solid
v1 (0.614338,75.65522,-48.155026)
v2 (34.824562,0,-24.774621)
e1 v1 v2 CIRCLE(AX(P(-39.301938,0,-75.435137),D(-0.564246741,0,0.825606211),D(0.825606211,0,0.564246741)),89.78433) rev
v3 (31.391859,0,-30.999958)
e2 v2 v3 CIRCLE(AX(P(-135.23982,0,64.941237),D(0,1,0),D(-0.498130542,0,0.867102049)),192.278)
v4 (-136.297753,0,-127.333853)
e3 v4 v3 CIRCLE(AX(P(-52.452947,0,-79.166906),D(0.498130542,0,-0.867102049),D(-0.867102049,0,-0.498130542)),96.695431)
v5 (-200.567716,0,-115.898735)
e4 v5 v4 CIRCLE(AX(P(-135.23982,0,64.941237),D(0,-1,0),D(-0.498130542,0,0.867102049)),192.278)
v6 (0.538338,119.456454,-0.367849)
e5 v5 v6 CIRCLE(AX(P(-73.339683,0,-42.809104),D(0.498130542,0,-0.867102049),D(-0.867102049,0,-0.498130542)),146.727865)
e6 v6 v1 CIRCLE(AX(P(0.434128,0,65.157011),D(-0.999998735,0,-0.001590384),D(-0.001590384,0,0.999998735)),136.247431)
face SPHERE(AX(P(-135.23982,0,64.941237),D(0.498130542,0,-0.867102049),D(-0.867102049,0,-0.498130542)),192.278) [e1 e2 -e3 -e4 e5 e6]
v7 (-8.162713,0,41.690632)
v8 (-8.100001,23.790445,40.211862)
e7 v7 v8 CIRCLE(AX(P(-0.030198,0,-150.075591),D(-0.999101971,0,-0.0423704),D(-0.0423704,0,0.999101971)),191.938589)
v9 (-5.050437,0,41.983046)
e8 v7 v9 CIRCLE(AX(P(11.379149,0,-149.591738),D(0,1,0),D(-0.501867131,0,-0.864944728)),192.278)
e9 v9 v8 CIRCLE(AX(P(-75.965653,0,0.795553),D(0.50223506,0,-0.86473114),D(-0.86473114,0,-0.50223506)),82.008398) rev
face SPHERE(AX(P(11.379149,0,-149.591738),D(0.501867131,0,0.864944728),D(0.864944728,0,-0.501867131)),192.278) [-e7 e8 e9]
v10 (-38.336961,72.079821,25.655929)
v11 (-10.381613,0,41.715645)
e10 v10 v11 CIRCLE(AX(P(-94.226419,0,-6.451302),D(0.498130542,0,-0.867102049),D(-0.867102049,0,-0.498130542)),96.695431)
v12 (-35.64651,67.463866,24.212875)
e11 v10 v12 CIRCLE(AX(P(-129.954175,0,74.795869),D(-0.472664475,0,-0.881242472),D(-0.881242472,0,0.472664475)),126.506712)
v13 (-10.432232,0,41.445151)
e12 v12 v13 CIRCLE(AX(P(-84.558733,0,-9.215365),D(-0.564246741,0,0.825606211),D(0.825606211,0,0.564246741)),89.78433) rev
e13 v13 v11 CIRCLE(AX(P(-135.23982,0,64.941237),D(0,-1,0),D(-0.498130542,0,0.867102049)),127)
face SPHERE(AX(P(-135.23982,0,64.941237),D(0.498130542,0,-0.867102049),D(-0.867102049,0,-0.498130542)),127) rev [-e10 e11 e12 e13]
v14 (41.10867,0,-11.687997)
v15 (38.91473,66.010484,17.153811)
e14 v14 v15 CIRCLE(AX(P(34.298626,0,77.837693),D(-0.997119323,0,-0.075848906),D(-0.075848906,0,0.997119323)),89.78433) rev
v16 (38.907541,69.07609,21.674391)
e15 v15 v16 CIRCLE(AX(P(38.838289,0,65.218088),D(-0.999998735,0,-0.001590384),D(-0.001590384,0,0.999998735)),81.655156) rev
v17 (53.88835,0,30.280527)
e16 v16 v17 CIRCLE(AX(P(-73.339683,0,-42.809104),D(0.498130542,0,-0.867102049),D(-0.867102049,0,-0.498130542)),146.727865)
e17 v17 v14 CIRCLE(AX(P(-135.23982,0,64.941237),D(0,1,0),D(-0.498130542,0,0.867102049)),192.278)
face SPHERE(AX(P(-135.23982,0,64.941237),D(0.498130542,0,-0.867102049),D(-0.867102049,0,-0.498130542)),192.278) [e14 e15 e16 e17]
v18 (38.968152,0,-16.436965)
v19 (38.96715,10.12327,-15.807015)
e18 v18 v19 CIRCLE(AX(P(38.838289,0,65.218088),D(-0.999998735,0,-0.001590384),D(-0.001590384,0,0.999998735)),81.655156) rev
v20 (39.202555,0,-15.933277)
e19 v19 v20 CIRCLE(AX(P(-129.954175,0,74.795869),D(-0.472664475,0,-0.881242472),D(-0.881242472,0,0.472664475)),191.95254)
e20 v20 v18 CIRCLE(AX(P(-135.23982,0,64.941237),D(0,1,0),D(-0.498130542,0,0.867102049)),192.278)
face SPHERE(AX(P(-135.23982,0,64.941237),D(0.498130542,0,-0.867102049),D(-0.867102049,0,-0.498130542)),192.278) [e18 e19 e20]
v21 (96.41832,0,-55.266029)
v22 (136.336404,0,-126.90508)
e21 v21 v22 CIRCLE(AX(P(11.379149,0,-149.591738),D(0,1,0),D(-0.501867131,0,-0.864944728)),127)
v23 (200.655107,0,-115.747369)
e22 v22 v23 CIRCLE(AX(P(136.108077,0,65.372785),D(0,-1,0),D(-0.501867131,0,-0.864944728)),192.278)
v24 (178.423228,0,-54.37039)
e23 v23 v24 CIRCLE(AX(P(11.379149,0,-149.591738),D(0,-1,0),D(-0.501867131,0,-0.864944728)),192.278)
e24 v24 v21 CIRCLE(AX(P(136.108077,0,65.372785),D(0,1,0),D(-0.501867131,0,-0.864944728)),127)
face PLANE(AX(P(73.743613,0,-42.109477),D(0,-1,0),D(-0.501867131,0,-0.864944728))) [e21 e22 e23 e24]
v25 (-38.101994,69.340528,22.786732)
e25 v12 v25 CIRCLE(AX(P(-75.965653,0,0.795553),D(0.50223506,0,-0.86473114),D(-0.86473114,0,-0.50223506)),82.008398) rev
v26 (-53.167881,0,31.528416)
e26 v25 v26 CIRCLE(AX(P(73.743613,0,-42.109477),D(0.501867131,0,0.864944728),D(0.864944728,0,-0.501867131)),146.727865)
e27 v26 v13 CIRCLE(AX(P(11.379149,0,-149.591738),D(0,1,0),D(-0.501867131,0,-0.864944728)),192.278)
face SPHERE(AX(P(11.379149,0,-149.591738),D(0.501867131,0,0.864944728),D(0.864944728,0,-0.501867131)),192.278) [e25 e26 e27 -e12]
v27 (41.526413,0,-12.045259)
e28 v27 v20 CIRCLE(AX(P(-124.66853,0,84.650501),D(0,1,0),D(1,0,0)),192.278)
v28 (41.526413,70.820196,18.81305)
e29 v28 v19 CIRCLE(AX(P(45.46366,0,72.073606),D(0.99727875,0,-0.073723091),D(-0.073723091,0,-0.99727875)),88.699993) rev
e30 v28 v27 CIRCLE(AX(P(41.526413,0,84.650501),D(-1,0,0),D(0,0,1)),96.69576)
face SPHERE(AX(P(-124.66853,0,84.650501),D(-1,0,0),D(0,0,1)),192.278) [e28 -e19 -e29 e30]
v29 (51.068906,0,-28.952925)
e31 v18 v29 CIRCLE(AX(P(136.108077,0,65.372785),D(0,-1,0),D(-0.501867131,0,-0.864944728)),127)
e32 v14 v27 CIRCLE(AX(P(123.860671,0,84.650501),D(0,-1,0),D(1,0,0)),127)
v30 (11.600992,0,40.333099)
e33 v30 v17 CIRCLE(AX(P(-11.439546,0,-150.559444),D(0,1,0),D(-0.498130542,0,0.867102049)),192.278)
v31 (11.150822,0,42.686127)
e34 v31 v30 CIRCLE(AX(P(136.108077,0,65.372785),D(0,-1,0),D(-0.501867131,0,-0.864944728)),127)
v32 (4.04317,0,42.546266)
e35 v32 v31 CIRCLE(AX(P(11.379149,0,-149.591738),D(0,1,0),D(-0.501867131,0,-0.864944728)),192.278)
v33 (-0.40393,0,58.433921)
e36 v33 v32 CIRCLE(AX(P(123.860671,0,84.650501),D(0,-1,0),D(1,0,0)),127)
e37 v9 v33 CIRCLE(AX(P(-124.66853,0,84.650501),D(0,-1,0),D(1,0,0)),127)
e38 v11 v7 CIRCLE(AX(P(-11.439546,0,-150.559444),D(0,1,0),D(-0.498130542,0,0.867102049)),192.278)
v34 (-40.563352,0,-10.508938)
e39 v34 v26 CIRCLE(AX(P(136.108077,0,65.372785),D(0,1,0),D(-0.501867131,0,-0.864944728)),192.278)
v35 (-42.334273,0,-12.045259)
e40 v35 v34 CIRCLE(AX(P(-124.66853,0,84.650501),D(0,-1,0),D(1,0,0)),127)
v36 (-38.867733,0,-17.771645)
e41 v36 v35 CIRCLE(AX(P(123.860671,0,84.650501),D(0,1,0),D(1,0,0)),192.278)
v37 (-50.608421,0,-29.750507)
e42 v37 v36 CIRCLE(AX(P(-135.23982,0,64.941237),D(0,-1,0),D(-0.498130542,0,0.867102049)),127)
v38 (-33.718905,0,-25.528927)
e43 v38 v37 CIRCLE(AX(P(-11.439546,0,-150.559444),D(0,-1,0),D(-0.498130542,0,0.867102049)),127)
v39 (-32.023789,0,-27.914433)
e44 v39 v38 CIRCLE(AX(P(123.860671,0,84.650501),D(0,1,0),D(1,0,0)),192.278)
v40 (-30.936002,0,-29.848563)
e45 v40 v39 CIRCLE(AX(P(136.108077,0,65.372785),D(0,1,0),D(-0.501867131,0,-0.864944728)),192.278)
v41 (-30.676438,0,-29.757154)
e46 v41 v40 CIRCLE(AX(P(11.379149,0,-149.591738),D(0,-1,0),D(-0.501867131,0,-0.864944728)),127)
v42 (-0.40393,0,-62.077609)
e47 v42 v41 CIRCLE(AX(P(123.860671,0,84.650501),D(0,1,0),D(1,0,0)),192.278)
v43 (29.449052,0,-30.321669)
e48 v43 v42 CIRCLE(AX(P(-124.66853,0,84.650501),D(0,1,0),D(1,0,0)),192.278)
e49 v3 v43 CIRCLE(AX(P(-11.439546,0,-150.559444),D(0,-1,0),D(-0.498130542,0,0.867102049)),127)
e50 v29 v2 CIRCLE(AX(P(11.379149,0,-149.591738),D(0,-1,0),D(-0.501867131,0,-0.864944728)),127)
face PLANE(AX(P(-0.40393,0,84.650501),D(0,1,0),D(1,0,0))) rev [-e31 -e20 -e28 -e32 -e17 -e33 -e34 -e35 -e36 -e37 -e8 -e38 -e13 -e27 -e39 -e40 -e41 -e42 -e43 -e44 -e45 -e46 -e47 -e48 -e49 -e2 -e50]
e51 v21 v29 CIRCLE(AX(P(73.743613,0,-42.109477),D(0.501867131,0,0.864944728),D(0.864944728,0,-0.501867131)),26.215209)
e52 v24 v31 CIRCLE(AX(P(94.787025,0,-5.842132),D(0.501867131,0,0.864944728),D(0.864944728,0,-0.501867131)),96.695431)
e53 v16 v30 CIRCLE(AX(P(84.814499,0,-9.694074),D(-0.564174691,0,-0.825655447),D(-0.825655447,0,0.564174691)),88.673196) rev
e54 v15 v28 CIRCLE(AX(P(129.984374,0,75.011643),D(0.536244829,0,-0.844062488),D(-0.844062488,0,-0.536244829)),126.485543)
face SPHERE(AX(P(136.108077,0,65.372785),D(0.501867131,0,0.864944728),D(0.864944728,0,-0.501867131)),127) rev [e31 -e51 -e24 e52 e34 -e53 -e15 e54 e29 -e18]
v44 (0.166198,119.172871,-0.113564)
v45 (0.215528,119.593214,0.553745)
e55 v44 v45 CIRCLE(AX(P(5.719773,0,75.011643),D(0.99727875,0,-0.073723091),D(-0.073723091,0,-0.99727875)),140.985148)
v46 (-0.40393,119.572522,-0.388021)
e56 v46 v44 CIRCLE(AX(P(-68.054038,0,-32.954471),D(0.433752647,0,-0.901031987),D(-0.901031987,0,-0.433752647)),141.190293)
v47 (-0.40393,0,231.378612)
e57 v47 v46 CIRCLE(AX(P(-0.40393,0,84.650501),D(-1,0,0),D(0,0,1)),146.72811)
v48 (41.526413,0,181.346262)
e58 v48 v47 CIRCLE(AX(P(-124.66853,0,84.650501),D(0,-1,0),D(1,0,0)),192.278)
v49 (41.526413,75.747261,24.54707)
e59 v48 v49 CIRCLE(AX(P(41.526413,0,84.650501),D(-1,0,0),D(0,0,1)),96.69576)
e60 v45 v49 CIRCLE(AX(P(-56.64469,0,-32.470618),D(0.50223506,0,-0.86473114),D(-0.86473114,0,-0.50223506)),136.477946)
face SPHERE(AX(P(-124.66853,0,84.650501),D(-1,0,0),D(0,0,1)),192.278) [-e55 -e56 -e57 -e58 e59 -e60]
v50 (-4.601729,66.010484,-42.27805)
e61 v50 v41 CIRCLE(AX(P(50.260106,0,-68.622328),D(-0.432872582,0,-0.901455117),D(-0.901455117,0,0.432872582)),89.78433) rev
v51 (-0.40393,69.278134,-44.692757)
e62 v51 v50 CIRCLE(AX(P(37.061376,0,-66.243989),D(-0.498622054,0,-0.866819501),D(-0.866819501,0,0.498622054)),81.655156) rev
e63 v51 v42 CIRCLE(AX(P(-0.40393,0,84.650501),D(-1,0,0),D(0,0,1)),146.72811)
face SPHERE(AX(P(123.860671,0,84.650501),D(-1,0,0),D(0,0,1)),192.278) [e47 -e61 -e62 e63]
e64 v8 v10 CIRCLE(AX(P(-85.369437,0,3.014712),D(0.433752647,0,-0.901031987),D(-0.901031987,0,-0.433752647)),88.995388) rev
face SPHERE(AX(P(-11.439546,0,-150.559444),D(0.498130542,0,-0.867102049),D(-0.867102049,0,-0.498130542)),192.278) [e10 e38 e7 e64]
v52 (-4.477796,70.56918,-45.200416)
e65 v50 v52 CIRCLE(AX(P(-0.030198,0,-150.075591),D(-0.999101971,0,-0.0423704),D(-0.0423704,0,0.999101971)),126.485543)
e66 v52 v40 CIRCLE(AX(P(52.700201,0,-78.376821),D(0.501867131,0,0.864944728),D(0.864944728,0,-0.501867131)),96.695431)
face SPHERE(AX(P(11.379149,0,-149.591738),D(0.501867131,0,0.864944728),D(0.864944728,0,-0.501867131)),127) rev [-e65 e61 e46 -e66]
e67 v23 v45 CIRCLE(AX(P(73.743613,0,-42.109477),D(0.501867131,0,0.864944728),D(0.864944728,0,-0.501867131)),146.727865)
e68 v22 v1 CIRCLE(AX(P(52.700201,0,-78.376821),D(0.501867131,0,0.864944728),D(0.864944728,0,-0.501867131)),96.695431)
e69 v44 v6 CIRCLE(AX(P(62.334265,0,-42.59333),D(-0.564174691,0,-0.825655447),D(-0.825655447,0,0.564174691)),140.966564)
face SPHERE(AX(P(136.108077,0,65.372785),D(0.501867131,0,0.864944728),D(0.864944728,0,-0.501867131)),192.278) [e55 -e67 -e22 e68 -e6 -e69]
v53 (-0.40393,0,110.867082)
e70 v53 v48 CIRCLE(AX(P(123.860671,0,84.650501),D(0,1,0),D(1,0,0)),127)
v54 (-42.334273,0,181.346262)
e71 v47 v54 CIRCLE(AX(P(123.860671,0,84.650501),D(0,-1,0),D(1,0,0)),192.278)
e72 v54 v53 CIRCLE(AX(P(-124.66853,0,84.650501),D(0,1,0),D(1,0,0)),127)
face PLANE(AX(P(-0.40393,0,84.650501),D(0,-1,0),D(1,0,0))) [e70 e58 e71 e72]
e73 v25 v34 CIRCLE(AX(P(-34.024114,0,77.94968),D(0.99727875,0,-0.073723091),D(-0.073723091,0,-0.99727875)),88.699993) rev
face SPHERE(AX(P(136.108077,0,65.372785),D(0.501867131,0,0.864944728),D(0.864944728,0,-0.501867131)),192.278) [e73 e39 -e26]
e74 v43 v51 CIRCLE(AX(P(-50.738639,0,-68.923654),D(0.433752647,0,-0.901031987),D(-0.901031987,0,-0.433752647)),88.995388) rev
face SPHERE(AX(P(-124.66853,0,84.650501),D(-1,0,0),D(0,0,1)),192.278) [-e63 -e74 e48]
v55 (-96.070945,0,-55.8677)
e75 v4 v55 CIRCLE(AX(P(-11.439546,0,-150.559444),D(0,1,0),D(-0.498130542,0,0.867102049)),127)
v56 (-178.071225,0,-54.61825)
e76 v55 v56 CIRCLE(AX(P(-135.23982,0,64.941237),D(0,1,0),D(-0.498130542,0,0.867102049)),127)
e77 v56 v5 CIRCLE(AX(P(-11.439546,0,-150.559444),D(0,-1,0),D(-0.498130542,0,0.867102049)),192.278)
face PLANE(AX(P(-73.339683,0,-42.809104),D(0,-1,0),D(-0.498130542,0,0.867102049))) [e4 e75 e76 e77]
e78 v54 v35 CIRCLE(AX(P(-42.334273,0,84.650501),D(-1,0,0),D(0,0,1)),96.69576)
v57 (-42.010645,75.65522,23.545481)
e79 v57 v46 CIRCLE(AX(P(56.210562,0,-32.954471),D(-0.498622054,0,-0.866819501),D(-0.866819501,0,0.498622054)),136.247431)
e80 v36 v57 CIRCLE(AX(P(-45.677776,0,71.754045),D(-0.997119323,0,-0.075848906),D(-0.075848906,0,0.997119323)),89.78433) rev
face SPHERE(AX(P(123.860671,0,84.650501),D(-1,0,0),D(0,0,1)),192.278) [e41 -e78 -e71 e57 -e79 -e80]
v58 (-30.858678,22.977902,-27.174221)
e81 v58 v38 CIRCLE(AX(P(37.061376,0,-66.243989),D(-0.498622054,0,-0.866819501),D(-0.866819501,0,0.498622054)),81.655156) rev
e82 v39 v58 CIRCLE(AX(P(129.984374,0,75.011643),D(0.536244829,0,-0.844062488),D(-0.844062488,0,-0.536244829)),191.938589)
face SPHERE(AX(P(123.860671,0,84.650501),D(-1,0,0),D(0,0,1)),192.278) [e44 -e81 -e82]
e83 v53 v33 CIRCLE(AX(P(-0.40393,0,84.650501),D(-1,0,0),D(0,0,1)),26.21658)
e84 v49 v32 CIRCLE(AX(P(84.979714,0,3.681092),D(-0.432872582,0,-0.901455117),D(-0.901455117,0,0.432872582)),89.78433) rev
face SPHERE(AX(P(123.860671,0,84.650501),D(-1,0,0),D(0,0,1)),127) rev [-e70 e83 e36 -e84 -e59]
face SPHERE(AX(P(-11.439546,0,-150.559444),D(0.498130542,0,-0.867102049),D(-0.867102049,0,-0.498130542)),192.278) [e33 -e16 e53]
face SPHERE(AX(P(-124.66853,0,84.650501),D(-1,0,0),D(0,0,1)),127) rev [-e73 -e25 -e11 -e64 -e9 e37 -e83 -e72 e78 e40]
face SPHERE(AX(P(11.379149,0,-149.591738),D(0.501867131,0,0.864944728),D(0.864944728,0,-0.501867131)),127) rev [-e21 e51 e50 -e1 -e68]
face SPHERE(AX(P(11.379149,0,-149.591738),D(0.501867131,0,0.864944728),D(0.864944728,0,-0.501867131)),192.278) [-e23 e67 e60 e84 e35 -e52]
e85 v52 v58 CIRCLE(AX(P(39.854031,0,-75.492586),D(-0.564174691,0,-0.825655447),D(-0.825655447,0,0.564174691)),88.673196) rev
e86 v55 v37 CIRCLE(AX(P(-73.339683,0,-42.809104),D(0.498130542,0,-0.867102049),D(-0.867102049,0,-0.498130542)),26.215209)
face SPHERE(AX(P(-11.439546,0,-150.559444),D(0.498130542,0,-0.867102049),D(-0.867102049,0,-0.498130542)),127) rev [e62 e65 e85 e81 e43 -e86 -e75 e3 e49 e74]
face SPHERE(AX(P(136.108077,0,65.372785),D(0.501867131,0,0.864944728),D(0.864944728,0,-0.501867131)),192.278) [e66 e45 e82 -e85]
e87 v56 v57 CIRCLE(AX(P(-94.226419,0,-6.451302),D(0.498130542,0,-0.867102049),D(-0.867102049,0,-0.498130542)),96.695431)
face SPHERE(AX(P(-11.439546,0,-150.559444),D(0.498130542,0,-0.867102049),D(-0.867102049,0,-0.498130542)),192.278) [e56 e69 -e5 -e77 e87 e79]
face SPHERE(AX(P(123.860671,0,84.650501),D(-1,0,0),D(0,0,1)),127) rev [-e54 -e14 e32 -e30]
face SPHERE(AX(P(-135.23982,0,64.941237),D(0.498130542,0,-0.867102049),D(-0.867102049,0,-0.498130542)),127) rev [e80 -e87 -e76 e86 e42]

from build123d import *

# Parameters (mm, degrees)
F_4_5_LEG_REVOLVE_ANGLE = 180
F_1_6_LEG_REVOLVE_ANGLE = 180
F_2_3_LEG_REVOLVE_ANGLE = 180


with BuildPart() as part:
    # Sketch4 → 4-5 leg revolve (revolve, symmetric)
    with BuildSketch(Plane.XY.offset(84.650501395)) as f_4_5_leg_revolve_sk:
        with BuildLine():
            ThreePointArc((41.52641309, 96.695760248), (14.715809322, 64.933806829), (-0.403929917, 26.216580111))
            ThreePointArc((-0.403929917, 26.216580111), (-15.523669157, 64.933806829), (-42.334272925, 96.695760248))
            ThreePointArc((-42.334272925, 96.695760248), (-23.50790032, 123.504386992), (-0.403929917, 146.728110315))
            ThreePointArc((-0.403929917, 146.728110315), (22.700040485, 123.504386992), (41.52641309, 96.695760248))
        make_face()
    revolve(axis=Axis((-124.668530377, 0, 84.650501395), (1, 0, 0)), revolution_arc=F_4_5_LEG_REVOLVE_ANGLE / 2)
    revolve(f_4_5_leg_revolve_sk.sketch, axis=Axis((-124.668530377, 0, 84.650501395), (-1, 0, 0)), revolution_arc=F_4_5_LEG_REVOLVE_ANGLE / 2)

    # Sketch5 → 1-6 leg revolve (revolve, symmetric)
    with BuildSketch(Plane(origin=(73.448953951, 0, -42.617307843), x_dir=(-0.5018671305259788, 0, -0.8649447284639755), z_dir=(0.8649447284639755, 0, -0.5018671305259788))) as f_1_6_leg_revolve_sk:
        with BuildLine():
            ThreePointArc((41.343119895, 96.695430947), (14.532414899, 64.932986617), (-0.587125541, 26.215209445))
            ThreePointArc((-0.587125541, 26.215209445), (-15.70666598, 64.932986617), (-42.517370976, 96.695430947))
            ThreePointArc((-42.517370976, 96.695430947), (-23.691050832, 123.504095778), (-0.587125541, 146.727865418))
            ThreePointArc((-0.587125541, 146.727865418), (22.516799751, 123.504095778), (41.343119895, 96.695430947))
        make_face()
    revolve(axis=Axis((136.108076543, 0, 65.372784514), (-0.5018671305259786, 0, -0.8649447284639755)), revolution_arc=F_1_6_LEG_REVOLVE_ANGLE / 2)
    revolve(f_1_6_leg_revolve_sk.sketch, axis=Axis((136.108076543, 0, 65.372784514), (0.5018671305259786, 0, 0.8649447284639755)), revolution_arc=F_1_6_LEG_REVOLVE_ANGLE / 2)

    # Sketch6 → 2-3 leg revolve (revolve, symmetric)
    with BuildSketch(Plane(origin=(-73.632148208, 0, -42.300006082), x_dir=(-0.4981305424562493, 0, 0.8671020485918846), z_dir=(-0.8671020485918844, 0, -0.49813054245624927))) as f_2_3_leg_revolve_sk:
        with BuildLine():
            ThreePointArc((41.343119895, 96.695430947), (14.532414899, 64.932986617), (-0.587125541, 26.215209445))
            ThreePointArc((-0.587125541, 26.215209445), (-15.70666598, 64.932986617), (-42.517370976, 96.695430947))
            ThreePointArc((-42.517370976, 96.695430947), (-23.691050832, 123.504095778), (-0.587125541, 146.727865418))
            ThreePointArc((-0.587125541, 146.727865418), (22.516799751, 123.504095778), (41.343119895, 96.695430947))
        make_face()
    revolve(axis=Axis((-11.439546167, 0, -150.559444204), (-0.4981305424562494, 0, 0.8671020485918846)), revolution_arc=F_2_3_LEG_REVOLVE_ANGLE / 2)
    revolve(f_2_3_leg_revolve_sk.sketch, axis=Axis((-11.439546167, 0, -150.559444204), (0.4981305424562494, 0, -0.8671020485918846)), revolution_arc=F_2_3_LEG_REVOLVE_ANGLE / 2)


solid = part.part
